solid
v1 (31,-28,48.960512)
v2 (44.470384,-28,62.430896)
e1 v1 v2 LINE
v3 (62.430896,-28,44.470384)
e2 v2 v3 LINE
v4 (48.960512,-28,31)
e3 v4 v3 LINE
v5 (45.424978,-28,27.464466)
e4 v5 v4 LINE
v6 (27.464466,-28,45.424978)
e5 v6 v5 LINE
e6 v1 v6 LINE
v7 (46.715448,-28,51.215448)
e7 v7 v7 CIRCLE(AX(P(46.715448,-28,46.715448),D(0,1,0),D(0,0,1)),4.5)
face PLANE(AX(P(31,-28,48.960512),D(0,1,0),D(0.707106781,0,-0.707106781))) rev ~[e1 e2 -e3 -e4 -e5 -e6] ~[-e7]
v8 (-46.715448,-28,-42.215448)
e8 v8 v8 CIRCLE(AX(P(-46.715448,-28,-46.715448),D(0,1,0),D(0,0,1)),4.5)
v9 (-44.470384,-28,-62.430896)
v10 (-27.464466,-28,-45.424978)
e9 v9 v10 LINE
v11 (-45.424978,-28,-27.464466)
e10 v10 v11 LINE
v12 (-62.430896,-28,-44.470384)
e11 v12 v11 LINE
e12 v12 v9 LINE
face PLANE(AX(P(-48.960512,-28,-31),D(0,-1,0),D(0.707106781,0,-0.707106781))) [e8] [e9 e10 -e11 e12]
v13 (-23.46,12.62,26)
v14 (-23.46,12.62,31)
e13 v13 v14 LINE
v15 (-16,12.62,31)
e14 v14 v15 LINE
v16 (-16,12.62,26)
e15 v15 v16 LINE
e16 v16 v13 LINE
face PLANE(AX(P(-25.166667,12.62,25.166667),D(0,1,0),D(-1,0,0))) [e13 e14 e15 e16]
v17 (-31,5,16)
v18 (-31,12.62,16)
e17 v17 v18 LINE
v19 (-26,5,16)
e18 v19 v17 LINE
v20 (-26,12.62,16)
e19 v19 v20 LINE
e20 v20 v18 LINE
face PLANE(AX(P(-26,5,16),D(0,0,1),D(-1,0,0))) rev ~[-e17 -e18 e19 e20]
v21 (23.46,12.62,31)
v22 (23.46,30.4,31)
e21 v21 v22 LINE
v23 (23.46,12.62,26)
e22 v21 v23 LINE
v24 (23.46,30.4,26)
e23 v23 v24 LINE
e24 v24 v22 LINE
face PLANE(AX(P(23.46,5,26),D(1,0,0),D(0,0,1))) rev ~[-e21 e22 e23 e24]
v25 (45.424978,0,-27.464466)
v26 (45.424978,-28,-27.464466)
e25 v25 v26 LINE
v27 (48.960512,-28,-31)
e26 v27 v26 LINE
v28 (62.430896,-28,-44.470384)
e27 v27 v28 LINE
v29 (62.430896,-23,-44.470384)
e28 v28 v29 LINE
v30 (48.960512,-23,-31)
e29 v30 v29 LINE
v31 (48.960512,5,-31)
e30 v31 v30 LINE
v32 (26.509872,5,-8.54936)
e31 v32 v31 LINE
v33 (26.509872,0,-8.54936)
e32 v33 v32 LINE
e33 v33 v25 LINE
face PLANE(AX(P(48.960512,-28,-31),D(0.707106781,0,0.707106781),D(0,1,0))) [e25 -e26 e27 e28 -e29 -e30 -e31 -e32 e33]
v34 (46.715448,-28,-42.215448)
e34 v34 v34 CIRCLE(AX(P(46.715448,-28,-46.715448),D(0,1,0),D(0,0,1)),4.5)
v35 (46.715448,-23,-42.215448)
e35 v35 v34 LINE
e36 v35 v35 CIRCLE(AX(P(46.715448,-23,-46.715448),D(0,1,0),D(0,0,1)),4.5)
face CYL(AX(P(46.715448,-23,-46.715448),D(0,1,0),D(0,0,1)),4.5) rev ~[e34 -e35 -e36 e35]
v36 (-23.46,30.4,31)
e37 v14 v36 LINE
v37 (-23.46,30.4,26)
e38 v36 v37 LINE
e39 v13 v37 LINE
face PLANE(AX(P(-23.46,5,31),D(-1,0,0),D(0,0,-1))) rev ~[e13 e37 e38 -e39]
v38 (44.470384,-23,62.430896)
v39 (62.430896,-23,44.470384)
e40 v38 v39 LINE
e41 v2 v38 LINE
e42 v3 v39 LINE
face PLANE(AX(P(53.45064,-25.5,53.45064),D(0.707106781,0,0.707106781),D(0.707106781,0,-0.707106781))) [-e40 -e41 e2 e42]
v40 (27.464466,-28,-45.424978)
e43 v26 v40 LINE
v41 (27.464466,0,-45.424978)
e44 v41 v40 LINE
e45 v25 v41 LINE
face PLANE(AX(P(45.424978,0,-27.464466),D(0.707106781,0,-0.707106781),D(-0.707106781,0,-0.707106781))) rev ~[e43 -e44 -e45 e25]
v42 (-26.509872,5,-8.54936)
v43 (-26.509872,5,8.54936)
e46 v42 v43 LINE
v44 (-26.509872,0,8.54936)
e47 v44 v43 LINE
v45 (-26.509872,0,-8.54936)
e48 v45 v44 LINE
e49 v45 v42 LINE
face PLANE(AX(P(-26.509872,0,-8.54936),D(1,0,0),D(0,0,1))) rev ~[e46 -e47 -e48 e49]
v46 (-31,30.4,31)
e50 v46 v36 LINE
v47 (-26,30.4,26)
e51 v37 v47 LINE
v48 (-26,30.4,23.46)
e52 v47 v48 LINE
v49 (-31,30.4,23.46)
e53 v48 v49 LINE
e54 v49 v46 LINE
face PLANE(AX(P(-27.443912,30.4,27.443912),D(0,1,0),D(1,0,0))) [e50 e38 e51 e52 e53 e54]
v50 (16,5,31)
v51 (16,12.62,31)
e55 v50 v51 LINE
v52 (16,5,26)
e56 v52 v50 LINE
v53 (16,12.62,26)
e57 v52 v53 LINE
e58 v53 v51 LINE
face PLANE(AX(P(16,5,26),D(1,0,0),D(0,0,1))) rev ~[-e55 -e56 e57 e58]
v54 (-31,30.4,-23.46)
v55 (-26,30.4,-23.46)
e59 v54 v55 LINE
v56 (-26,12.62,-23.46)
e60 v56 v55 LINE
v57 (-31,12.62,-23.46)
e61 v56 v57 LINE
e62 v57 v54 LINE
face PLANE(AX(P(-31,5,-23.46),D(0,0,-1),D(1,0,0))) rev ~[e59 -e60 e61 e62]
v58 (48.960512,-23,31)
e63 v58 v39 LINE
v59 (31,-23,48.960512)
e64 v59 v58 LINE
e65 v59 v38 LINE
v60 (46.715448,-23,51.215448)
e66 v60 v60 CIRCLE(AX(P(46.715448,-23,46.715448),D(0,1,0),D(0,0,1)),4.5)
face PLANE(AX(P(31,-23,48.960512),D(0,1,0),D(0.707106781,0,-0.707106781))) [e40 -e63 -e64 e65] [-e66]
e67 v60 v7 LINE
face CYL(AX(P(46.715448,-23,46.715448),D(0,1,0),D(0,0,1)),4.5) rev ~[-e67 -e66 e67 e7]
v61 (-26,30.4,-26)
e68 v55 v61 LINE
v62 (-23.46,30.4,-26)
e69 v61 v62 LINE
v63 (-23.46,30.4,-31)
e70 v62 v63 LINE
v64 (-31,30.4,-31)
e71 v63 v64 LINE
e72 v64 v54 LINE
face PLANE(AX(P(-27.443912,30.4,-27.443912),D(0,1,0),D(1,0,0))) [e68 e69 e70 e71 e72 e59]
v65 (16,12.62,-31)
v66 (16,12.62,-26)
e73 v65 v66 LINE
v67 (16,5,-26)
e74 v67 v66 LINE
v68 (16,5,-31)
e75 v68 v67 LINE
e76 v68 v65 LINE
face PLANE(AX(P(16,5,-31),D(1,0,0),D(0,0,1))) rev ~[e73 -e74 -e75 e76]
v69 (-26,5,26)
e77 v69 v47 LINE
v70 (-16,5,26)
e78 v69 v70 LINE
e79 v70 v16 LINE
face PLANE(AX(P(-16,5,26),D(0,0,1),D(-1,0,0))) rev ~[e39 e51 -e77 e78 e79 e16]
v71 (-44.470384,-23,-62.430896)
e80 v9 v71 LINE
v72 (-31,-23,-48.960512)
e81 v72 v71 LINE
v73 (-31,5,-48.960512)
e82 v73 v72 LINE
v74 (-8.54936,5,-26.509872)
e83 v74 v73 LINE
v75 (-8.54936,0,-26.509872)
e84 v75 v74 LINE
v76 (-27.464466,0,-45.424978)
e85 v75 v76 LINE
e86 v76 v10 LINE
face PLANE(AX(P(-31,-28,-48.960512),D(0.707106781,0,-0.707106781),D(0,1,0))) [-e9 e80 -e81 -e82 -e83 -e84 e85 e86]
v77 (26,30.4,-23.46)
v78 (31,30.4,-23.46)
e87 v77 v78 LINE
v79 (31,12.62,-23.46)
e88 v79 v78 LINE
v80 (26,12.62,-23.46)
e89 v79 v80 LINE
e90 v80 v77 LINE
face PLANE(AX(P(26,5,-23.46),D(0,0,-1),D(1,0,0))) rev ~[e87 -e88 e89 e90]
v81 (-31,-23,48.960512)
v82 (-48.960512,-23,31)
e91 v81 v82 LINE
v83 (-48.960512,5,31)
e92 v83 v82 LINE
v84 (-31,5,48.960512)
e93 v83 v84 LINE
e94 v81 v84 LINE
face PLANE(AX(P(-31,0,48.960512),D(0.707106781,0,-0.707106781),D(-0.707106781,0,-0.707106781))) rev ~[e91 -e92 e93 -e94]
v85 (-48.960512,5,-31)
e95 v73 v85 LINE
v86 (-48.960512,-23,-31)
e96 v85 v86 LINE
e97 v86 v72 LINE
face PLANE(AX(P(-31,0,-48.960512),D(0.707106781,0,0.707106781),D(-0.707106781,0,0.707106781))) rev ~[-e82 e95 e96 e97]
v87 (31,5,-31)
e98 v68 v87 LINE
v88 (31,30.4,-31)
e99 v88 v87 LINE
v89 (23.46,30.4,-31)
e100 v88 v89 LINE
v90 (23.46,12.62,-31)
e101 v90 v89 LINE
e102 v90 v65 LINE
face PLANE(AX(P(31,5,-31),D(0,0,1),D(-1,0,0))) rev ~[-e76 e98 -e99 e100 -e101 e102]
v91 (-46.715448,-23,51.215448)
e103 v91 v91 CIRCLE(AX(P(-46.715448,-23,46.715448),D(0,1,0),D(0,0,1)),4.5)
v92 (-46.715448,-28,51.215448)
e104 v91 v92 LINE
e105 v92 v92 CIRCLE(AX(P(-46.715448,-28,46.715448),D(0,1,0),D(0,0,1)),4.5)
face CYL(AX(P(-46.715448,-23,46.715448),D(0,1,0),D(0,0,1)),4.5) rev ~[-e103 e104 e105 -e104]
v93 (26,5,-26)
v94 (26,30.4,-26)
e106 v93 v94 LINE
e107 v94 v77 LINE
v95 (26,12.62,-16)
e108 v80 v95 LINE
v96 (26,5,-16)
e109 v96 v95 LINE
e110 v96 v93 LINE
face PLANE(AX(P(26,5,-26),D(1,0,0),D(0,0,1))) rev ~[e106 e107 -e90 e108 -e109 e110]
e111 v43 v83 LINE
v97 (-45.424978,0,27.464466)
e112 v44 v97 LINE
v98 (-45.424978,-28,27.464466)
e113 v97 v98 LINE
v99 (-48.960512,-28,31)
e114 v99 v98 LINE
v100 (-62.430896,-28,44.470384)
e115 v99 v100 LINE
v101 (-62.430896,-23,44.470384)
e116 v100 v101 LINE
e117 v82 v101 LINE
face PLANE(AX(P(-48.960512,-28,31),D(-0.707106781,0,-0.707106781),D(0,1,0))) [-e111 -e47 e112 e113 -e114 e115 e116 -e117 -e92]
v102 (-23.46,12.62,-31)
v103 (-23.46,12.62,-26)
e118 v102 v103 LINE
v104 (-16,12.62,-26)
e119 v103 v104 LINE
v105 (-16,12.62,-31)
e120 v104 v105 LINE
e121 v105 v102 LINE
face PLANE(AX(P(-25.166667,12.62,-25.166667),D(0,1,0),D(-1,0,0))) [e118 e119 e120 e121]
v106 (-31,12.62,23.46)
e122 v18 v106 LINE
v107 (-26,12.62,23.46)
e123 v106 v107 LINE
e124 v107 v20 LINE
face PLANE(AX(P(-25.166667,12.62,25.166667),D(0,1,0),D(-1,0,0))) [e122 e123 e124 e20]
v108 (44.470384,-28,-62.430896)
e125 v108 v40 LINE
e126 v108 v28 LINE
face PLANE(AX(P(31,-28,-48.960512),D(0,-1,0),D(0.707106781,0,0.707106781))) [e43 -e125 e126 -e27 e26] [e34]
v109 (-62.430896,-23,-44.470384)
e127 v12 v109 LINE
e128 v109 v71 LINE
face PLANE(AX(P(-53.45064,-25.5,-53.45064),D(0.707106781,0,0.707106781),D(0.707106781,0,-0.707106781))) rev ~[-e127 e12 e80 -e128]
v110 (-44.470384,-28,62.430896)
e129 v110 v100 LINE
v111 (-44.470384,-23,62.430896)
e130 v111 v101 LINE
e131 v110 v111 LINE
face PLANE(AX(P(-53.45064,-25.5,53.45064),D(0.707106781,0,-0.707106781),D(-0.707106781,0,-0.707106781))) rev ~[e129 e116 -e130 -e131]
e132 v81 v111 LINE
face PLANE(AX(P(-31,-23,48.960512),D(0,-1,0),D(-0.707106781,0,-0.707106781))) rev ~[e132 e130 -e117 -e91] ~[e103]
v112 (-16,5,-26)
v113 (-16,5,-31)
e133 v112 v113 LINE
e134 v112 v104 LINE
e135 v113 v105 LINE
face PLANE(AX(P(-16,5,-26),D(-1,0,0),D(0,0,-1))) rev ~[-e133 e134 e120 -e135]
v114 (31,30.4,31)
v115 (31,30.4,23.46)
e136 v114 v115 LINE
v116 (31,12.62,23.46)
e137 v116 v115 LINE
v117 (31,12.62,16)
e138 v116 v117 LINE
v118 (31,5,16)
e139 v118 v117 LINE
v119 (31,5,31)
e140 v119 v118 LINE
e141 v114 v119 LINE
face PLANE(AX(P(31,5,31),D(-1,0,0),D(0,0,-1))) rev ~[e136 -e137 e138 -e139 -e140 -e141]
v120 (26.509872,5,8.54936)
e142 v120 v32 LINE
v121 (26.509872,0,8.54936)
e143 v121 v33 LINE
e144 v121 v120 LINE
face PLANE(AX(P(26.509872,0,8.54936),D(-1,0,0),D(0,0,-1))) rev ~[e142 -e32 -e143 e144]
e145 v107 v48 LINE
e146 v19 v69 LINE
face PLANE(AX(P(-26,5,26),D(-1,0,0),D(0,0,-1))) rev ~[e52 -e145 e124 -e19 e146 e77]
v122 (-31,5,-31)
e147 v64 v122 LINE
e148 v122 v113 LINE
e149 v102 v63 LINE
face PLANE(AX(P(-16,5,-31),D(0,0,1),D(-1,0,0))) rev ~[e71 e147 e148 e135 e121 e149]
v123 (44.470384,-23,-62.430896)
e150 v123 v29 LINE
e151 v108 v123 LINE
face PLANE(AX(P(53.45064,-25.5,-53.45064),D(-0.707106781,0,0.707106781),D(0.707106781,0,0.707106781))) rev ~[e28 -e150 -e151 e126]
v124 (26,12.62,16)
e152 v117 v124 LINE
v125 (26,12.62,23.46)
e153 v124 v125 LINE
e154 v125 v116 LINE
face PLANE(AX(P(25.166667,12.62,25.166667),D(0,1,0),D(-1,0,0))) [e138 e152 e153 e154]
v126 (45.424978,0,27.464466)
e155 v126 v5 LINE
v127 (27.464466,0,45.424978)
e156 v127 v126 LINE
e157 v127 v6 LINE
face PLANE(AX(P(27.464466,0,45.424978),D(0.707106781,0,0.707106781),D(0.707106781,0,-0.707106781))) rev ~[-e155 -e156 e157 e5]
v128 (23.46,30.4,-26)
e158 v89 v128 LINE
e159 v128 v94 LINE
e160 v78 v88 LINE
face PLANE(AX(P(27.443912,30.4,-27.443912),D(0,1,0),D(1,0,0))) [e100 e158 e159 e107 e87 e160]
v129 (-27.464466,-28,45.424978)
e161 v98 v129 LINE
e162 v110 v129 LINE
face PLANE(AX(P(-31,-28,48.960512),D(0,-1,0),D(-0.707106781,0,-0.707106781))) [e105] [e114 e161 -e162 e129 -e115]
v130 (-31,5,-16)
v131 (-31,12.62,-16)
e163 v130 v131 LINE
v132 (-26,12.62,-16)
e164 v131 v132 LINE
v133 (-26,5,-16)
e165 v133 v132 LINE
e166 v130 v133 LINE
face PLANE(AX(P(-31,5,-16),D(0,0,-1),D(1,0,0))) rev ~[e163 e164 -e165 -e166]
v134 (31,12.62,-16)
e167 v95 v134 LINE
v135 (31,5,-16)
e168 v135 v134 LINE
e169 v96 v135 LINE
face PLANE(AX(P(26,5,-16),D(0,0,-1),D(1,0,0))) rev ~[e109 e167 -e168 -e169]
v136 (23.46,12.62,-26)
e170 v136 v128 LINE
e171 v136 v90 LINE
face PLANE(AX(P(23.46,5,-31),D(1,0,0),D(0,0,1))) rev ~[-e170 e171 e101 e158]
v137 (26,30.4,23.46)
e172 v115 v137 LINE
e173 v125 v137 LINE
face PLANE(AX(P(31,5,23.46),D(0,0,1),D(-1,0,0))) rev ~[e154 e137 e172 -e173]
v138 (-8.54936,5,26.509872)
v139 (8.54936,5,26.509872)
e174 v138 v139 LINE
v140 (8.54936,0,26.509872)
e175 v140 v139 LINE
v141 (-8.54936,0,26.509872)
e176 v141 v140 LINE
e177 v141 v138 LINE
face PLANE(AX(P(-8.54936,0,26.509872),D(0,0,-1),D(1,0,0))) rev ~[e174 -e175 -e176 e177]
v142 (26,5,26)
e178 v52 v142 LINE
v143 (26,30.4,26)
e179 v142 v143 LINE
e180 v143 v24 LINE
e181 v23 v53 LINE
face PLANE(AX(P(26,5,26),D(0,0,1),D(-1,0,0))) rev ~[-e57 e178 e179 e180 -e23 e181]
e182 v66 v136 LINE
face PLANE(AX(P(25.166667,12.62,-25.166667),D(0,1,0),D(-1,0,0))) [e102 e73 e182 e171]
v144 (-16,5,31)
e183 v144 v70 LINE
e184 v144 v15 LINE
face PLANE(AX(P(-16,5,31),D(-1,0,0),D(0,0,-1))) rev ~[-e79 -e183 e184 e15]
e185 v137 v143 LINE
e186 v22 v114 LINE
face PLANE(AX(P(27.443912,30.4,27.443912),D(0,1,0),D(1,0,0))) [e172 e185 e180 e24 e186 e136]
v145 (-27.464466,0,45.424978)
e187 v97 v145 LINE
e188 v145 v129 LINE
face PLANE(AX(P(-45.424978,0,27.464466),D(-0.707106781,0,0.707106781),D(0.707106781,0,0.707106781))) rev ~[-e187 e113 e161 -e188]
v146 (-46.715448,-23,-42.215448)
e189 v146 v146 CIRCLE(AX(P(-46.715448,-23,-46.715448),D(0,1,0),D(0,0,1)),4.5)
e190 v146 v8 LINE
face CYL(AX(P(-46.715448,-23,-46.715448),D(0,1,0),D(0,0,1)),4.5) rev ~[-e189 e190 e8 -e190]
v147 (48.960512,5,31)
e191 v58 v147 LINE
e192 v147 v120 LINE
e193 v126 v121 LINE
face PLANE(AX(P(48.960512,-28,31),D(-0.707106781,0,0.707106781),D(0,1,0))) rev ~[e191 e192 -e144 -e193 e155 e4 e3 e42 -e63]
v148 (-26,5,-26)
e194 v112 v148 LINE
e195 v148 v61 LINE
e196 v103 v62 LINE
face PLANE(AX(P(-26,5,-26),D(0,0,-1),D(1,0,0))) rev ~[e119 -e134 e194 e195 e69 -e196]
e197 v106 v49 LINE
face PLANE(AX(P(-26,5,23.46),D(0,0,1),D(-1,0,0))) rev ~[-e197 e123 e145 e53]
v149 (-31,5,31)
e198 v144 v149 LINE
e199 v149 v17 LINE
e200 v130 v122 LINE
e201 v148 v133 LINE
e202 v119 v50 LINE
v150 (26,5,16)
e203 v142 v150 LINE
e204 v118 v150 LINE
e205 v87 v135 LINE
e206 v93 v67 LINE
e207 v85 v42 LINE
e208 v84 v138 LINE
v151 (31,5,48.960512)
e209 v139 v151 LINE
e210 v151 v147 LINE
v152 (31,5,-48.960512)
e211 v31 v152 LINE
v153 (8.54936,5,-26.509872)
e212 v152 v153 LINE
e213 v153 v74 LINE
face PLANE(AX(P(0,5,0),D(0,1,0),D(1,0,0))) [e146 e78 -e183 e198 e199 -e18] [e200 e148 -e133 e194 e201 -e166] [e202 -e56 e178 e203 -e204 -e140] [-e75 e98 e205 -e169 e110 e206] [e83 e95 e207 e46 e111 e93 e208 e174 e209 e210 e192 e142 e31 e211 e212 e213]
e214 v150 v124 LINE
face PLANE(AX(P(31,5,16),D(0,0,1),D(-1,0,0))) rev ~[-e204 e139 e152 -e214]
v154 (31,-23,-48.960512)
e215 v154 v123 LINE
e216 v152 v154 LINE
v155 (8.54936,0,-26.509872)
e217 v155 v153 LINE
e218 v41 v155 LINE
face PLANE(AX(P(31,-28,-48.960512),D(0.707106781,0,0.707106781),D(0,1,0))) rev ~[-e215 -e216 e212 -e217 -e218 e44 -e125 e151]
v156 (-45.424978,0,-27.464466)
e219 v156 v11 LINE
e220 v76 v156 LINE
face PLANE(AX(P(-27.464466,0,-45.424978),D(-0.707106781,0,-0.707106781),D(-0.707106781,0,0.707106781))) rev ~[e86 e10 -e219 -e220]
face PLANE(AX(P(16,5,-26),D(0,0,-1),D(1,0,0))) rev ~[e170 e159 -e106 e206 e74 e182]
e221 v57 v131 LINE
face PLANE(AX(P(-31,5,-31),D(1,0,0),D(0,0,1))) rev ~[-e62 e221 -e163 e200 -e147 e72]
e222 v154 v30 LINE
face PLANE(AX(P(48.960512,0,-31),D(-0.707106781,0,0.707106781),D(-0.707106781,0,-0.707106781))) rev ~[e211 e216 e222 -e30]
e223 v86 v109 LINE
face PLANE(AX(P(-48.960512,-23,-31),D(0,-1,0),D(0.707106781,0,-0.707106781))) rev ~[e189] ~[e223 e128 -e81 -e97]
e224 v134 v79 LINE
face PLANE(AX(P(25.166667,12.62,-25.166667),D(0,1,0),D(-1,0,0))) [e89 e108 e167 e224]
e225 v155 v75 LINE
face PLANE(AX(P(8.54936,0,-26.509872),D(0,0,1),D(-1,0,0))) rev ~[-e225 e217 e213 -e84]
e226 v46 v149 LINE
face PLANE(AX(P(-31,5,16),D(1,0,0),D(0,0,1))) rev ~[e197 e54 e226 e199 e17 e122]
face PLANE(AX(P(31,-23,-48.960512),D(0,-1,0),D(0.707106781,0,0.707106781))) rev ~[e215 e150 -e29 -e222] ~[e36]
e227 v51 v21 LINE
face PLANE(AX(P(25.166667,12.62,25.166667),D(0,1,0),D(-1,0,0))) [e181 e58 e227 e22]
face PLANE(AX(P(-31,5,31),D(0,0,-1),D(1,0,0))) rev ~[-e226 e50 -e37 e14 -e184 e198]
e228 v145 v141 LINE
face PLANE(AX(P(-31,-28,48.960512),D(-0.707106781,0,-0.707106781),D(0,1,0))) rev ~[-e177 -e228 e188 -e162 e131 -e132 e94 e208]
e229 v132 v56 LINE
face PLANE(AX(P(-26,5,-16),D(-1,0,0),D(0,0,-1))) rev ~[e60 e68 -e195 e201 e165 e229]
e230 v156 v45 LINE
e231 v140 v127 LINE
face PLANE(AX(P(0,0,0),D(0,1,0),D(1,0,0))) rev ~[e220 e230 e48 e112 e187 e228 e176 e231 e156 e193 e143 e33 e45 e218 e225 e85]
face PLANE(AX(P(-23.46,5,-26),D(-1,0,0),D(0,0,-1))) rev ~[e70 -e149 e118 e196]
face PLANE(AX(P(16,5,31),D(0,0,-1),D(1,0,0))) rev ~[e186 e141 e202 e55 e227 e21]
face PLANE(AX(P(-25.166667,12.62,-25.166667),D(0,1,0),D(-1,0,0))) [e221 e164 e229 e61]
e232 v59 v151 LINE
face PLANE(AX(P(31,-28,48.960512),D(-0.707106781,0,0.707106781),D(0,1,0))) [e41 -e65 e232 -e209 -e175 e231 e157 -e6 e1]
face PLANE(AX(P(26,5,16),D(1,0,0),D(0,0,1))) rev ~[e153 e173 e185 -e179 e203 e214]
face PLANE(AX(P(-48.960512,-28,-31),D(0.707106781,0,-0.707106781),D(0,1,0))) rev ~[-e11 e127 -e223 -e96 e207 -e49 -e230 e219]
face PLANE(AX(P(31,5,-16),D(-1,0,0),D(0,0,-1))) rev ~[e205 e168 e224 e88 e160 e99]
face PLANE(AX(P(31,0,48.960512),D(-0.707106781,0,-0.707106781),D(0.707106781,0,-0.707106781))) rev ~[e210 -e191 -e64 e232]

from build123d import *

# Parameters (mm, degrees)
BOSS_EXTRUDE1_DEPTH = 5
BOSS_EXTRUDE2_DEPTH = 7.62
BOSS_EXTRUDE3_DEPTH = 28
SKETCH5_W           = 25.4
SKETCH5_H           = 5
BOSS_EXTRUDE4_DEPTH = 19.05
SKETCH6_W           = 25.4
SKETCH6_H           = 5
BOSS_EXTRUDE5_DEPTH = 19.05
SKETCH7_W           = 25.4
SKETCH7_H           = 5
BOSS_EXTRUDE6_DEPTH = 19.05
SKETCH8_W           = 25.4
SKETCH8_H           = 5
BOSS_EXTRUDE7_DEPTH = 19.05
SKETCH9_R           = 4.5
CUT_EXTRUDE1_DEPTH  = 12.7
BOSS_EXTRUDE8_DEPTH = 25.4


with BuildPart() as part:
    # Sketch2 → Boss-Extrude1 (new body)
    with BuildSketch(Plane(origin=(0, 0, 0), x_dir=(1, 0, 0), z_dir=(0, 1, 0))):
        Polygon((-31, 48.960512242), (-48.960512242, 31), (-26.509871939, 8.549359697), (-26.509871939, -8.549359697), (-48.960512242, -31), (-31, -48.960512242), (-8.549359697, -26.509871939), (8.549359697, -26.509871939), (31, -48.960512242), (48.960512242, -31), (26.509871939, -8.549359697), (26.509871939, 8.549359697), (48.960512242, 31), (31, 48.960512242), (8.549359697, 26.509871939), (-8.549359697, 26.509871939), align=None)
    extrude(amount=BOSS_EXTRUDE1_DEPTH)

    # Sketch3 → Boss-Extrude2 (add)
    with BuildSketch(Plane(origin=(0, 5, 0), x_dir=(-1, 0, 0), z_dir=(0, 1, 0))):
        Polygon((31, 31), (16, 31), (16, 26), (26, 26), (26, 16), (31, 16), align=None)
        Polygon((31, -31), (31, -16), (26, -16), (26, -26), (16, -26), (16, -31), align=None)
        Polygon((-31, 31), (-31, 16), (-26, 16), (-26, 26), (-16, 26), (-16, 31), align=None)
        Polygon((-31, -31), (-16, -31), (-16, -26), (-26, -26), (-26, -16), (-31, -16), align=None)
    extrude(amount=BOSS_EXTRUDE2_DEPTH)

    # Sketch4 → Boss-Extrude3 (add)
    with BuildSketch(Plane(origin=(0, 0, 0), x_dir=(-1, 0, 0), z_dir=(0, -1, 0))):
        Polygon((31, -48.960512242), (48.960512242, -31), (45.424978336, -27.464466094), (27.464466094, -45.424978336), align=None)
        Polygon((48.960512242, 31), (31, 48.960512242), (27.464466094, 45.424978336), (45.424978336, 27.464466094), align=None)
        Polygon((-31, 48.960512242), (-48.960512242, 31), (-45.424978336, 27.464466094), (-27.464466094, 45.424978336), align=None)
        Polygon((-48.960512242, -31), (-31, -48.960512242), (-27.464466094, -45.424978336), (-45.424978336, -27.464466094), align=None)
    extrude(amount=BOSS_EXTRUDE3_DEPTH)

    # Sketch5 → Boss-Extrude4 (add)
    with BuildSketch(Plane(origin=(104.086919113, 0, 24.126406871), x_dir=(0.7071067811865459, 0, 0.7071067811865492), z_dir=(-0.7071067811865492, 0, 0.7071067811865459))):
        with Locations((-90.660512242, -25.5)):
            Rectangle(SKETCH5_W, SKETCH5_H)
    extrude(amount=-BOSS_EXTRUDE4_DEPTH)

    # Sketch6 → Boss-Extrude5 (add)
    with BuildSketch(Plane(origin=(32.44615075, 0, -112.406662992), x_dir=(0.7071067811865465, 0, -0.7071067811865487), z_dir=(0.7071067811865487, 0, 0.7071067811865465))):
        with Locations((-102.426406871, -25.5)):
            Rectangle(SKETCH6_W, SKETCH6_H)
    extrude(amount=-BOSS_EXTRUDE5_DEPTH)

    # Sketch7 → Boss-Extrude6 (add)
    with BuildSketch(Plane(origin=(-39.980256121, 0, 39.980256121), x_dir=(-0.7071067811865459, 0, -0.7071067811865492), z_dir=(0.7071067811865492, 0, -0.7071067811865459))):
        with Locations((0, -25.5)):
            Rectangle(SKETCH7_W, SKETCH7_H)
    extrude(amount=-BOSS_EXTRUDE6_DEPTH)

    # Sketch8 → Boss-Extrude7 (add)
    with BuildSketch(Plane(origin=(39.980256121, 0, 39.980256121), x_dir=(0.7071067811865459, 0, -0.7071067811865492), z_dir=(0.7071067811865492, 0, 0.7071067811865459))):
        with Locations((0, -25.5)):
            Rectangle(SKETCH8_W, SKETCH8_H)
    extrude(amount=BOSS_EXTRUDE7_DEPTH)

    # Sketch9 → Cut-Extrude1 (cut)
    with BuildSketch(Plane(origin=(0, -23, 0), x_dir=(1, 0, 0), z_dir=(0, 1, 0))):
        with Locations((46.715448212, -46.715448212)):
            Circle(SKETCH9_R)
        with Locations((46.715448212, 46.715448212)):
            Circle(SKETCH9_R)
        with Locations((-46.715448212, 46.715448212)):
            Circle(SKETCH9_R)
        with Locations((-46.715448212, -46.715448212)):
            Circle(SKETCH9_R)
    extrude(amount=-CUT_EXTRUDE1_DEPTH, mode=Mode.SUBTRACT)

    # Sketch10 → Boss-Extrude8 (add)
    with BuildSketch(Plane(origin=(0, 5, 0), x_dir=(1, 0, 0), z_dir=(0, 1, 0))):
        Polygon((31, -31), (31, -23.46), (26, -23.46), (26, -26), (23.46, -26), (23.46, -31), align=None)
        Polygon((23.46, 31), (23.46, 26), (26, 26), (26, 23.46), (31, 23.46), (31, 31), align=None)
        Polygon((-31, 31), (-31, 23.46), (-26, 23.46), (-26, 26), (-23.46, 26), (-23.46, 31), align=None)
        Polygon((-23.46, -31), (-23.46, -26), (-26, -26), (-26, -23.46), (-31, -23.46), (-31, -31), align=None)
    extrude(amount=BOSS_EXTRUDE8_DEPTH)


solid = part.part
